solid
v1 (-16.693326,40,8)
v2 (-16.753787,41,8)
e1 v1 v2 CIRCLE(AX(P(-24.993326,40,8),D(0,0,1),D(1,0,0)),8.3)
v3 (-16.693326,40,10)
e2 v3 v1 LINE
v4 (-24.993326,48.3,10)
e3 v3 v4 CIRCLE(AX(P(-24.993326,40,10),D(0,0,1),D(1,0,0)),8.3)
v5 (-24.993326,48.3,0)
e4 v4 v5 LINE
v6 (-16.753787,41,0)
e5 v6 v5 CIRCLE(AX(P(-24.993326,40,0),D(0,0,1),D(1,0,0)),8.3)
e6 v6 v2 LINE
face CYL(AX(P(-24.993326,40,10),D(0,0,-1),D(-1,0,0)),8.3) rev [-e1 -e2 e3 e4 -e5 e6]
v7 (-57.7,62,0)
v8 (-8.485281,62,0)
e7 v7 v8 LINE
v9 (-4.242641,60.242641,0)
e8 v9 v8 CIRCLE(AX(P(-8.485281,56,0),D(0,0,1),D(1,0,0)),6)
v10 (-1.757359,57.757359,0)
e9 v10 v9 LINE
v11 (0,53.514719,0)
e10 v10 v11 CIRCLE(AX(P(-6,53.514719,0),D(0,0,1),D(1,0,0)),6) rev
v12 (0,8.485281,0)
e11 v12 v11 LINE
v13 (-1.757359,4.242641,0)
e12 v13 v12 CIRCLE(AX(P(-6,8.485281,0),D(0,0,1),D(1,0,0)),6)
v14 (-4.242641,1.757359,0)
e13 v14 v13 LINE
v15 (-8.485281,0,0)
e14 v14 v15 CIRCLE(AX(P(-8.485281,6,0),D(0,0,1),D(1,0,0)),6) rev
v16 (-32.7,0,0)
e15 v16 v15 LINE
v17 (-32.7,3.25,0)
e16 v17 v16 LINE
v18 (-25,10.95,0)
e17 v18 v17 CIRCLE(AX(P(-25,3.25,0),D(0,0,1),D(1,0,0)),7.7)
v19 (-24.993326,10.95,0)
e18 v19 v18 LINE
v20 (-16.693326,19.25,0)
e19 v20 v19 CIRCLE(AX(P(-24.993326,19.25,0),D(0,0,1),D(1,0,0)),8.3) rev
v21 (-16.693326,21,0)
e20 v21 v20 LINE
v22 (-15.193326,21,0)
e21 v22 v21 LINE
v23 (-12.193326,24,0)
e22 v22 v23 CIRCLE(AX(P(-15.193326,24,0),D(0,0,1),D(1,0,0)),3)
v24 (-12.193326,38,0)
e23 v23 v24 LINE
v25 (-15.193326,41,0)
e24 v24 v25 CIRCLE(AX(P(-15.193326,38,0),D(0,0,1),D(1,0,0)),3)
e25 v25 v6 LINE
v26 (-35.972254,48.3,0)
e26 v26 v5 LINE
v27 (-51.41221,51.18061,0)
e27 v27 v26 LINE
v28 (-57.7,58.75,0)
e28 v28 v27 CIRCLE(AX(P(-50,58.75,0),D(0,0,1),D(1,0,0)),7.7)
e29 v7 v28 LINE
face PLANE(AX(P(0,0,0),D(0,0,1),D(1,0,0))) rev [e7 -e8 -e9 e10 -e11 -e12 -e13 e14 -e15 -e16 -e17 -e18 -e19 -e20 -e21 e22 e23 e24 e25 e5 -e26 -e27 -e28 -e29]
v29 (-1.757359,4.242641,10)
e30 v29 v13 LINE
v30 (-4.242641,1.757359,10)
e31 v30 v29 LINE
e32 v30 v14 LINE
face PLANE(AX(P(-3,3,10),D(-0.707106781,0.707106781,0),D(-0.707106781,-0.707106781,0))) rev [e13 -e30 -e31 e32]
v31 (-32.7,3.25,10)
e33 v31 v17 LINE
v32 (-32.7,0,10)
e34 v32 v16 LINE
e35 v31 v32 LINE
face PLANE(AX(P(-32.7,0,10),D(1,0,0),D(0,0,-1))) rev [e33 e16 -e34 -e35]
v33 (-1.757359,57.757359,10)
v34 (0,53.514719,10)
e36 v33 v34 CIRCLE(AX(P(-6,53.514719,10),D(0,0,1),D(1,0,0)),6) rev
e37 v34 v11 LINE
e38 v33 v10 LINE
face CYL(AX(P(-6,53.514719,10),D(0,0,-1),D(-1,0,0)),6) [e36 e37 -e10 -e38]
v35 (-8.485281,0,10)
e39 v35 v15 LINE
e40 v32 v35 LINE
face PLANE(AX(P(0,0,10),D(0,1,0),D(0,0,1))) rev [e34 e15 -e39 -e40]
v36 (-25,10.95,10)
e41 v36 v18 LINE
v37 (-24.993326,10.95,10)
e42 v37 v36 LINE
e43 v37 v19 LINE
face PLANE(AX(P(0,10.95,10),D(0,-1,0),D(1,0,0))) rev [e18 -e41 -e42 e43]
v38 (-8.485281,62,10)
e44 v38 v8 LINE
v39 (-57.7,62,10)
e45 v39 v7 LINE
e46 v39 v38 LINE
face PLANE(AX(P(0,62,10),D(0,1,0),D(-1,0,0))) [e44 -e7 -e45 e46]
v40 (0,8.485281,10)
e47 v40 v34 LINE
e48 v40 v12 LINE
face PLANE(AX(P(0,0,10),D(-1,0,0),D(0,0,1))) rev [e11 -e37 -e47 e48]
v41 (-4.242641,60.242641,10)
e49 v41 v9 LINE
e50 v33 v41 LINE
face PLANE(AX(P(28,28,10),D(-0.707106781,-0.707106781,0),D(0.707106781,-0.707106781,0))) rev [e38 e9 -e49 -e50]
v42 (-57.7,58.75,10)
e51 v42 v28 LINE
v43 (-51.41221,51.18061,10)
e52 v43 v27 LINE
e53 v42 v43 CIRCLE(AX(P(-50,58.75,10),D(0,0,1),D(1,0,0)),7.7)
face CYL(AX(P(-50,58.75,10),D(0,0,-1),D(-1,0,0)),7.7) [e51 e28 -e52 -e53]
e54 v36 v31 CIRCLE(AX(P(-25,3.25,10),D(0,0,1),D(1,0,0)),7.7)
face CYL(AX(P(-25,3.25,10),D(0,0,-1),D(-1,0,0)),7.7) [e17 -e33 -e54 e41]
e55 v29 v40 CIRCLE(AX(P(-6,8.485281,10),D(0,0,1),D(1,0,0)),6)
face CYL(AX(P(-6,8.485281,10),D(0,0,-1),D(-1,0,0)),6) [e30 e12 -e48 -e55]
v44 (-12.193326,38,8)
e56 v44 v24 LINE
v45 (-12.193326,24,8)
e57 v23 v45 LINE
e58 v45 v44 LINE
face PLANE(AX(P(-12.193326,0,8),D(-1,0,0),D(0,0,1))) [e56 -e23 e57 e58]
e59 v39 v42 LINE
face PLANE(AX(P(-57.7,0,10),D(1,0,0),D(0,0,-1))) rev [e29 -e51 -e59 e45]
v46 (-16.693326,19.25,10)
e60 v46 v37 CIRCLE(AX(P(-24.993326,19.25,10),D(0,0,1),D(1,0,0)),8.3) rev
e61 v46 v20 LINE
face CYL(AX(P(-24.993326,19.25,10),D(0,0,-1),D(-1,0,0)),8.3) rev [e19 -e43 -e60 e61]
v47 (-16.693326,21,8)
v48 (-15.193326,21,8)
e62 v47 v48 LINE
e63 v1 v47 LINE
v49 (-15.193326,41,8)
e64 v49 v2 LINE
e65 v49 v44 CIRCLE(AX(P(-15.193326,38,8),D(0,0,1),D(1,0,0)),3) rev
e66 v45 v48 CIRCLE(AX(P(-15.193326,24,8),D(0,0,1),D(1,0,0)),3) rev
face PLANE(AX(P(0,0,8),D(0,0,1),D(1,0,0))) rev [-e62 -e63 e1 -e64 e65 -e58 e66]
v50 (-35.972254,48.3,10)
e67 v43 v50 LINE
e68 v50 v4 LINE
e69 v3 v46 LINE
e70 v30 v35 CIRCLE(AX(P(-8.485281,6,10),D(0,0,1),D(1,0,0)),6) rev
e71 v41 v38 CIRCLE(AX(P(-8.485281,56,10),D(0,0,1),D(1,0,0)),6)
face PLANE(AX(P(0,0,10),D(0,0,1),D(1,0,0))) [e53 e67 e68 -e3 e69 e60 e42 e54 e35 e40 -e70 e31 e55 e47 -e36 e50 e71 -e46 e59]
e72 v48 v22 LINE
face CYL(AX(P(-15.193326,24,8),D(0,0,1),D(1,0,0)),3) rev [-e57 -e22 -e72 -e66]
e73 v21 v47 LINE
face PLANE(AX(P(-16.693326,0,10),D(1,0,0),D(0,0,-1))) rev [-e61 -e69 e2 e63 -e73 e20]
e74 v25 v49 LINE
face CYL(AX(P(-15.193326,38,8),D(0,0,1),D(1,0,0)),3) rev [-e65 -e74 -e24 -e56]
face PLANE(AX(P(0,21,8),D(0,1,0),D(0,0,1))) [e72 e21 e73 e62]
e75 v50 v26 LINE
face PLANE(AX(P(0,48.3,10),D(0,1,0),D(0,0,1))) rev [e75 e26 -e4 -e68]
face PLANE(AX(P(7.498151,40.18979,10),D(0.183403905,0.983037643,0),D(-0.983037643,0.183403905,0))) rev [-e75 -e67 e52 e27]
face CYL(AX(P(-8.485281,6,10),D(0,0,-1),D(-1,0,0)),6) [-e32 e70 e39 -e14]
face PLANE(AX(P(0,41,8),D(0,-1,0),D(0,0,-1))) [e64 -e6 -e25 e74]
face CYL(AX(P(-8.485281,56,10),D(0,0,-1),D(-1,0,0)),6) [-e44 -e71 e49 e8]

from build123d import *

# Parameters (mm, degrees)
RESSALTO_EXTRUS_O1_DEPTH = 10
CORTE_EXTRUS_O1_START    = -10
CORTE_EXTRUS_O1_DEPTH    = 8
FILETE1_R                = 3


with BuildPart() as part:
    # Esboço1 → Ressalto-extrusão1 (new body)
    with BuildSketch(Plane.XY):
        with BuildLine():
            Line((0, 8.485281374), (0, 53.514718626))
            ThreePointArc((0, 53.514718626), (-0.456722805, 55.81081922), (-1.757359313, 57.757359313))
            Line((-1.757359313, 57.757359313), (-4.242640687, 60.242640687))
            ThreePointArc((-4.242640687, 60.242640687), (-6.18918078, 61.543277195), (-8.485281374, 62))
            Line((-8.485281374, 62), (-57.7, 62))
            Line((-57.7, 62), (-57.7, 58.75))
            ThreePointArc((-57.7, 58.75), (-55.923006732, 53.82983829), (-51.412210065, 51.180610148))
            Line((-51.412210065, 51.180610148), (-35.972254096, 48.3))
            Line((-35.972254096, 48.3), (-24.993325909, 48.3))
            ThreePointArc((-24.993325909, 48.3), (-19.124339626, 45.868986284), (-16.693325909, 40))
            Line((-16.693325909, 40), (-16.693325909, 19.25))
            ThreePointArc((-16.693325909, 19.25), (-19.124339626, 13.381013716), (-24.993325909, 10.95))
            Line((-24.993325909, 10.95), (-25, 10.95))
            ThreePointArc((-25, 10.95), (-30.444722215, 8.694722215), (-32.7, 3.25))
            Line((-32.7, 3.25), (-32.7, 0))
            Line((-32.7, 0), (-8.485281374, 0))
            ThreePointArc((-8.485281374, 0), (-6.18918078, 0.456722805), (-4.242640687, 1.757359313))
            Line((-4.242640687, 1.757359313), (-1.757359313, 4.242640687))
            ThreePointArc((-1.757359313, 4.242640687), (-0.456722805, 6.18918078), (0, 8.485281374))
        make_face()
    extrude(amount=RESSALTO_EXTRUS_O1_DEPTH)

    # Esboço3 → Corte-extrusão1 (cut)
    with BuildSketch(Plane.XY.offset(10).offset(CORTE_EXTRUS_O1_START)):
        Polygon((-16.693325909, 41), (-12.193325909, 41), (-12.193325909, 21), (-16.693325909, 21), (-18.193325909, 21), (-18.193325909, 41), align=None)
    extrude(amount=CORTE_EXTRUS_O1_DEPTH, mode=Mode.SUBTRACT)

    # Filete1
    filete1_edges = [part.edges().sort_by_distance(p)[0] for p in [
        (-12.193325909, 21, 4),
        (-12.193325909, 41, 4),
    ]]
    fillet(filete1_edges, radius=FILETE1_R)


solid = part.part
